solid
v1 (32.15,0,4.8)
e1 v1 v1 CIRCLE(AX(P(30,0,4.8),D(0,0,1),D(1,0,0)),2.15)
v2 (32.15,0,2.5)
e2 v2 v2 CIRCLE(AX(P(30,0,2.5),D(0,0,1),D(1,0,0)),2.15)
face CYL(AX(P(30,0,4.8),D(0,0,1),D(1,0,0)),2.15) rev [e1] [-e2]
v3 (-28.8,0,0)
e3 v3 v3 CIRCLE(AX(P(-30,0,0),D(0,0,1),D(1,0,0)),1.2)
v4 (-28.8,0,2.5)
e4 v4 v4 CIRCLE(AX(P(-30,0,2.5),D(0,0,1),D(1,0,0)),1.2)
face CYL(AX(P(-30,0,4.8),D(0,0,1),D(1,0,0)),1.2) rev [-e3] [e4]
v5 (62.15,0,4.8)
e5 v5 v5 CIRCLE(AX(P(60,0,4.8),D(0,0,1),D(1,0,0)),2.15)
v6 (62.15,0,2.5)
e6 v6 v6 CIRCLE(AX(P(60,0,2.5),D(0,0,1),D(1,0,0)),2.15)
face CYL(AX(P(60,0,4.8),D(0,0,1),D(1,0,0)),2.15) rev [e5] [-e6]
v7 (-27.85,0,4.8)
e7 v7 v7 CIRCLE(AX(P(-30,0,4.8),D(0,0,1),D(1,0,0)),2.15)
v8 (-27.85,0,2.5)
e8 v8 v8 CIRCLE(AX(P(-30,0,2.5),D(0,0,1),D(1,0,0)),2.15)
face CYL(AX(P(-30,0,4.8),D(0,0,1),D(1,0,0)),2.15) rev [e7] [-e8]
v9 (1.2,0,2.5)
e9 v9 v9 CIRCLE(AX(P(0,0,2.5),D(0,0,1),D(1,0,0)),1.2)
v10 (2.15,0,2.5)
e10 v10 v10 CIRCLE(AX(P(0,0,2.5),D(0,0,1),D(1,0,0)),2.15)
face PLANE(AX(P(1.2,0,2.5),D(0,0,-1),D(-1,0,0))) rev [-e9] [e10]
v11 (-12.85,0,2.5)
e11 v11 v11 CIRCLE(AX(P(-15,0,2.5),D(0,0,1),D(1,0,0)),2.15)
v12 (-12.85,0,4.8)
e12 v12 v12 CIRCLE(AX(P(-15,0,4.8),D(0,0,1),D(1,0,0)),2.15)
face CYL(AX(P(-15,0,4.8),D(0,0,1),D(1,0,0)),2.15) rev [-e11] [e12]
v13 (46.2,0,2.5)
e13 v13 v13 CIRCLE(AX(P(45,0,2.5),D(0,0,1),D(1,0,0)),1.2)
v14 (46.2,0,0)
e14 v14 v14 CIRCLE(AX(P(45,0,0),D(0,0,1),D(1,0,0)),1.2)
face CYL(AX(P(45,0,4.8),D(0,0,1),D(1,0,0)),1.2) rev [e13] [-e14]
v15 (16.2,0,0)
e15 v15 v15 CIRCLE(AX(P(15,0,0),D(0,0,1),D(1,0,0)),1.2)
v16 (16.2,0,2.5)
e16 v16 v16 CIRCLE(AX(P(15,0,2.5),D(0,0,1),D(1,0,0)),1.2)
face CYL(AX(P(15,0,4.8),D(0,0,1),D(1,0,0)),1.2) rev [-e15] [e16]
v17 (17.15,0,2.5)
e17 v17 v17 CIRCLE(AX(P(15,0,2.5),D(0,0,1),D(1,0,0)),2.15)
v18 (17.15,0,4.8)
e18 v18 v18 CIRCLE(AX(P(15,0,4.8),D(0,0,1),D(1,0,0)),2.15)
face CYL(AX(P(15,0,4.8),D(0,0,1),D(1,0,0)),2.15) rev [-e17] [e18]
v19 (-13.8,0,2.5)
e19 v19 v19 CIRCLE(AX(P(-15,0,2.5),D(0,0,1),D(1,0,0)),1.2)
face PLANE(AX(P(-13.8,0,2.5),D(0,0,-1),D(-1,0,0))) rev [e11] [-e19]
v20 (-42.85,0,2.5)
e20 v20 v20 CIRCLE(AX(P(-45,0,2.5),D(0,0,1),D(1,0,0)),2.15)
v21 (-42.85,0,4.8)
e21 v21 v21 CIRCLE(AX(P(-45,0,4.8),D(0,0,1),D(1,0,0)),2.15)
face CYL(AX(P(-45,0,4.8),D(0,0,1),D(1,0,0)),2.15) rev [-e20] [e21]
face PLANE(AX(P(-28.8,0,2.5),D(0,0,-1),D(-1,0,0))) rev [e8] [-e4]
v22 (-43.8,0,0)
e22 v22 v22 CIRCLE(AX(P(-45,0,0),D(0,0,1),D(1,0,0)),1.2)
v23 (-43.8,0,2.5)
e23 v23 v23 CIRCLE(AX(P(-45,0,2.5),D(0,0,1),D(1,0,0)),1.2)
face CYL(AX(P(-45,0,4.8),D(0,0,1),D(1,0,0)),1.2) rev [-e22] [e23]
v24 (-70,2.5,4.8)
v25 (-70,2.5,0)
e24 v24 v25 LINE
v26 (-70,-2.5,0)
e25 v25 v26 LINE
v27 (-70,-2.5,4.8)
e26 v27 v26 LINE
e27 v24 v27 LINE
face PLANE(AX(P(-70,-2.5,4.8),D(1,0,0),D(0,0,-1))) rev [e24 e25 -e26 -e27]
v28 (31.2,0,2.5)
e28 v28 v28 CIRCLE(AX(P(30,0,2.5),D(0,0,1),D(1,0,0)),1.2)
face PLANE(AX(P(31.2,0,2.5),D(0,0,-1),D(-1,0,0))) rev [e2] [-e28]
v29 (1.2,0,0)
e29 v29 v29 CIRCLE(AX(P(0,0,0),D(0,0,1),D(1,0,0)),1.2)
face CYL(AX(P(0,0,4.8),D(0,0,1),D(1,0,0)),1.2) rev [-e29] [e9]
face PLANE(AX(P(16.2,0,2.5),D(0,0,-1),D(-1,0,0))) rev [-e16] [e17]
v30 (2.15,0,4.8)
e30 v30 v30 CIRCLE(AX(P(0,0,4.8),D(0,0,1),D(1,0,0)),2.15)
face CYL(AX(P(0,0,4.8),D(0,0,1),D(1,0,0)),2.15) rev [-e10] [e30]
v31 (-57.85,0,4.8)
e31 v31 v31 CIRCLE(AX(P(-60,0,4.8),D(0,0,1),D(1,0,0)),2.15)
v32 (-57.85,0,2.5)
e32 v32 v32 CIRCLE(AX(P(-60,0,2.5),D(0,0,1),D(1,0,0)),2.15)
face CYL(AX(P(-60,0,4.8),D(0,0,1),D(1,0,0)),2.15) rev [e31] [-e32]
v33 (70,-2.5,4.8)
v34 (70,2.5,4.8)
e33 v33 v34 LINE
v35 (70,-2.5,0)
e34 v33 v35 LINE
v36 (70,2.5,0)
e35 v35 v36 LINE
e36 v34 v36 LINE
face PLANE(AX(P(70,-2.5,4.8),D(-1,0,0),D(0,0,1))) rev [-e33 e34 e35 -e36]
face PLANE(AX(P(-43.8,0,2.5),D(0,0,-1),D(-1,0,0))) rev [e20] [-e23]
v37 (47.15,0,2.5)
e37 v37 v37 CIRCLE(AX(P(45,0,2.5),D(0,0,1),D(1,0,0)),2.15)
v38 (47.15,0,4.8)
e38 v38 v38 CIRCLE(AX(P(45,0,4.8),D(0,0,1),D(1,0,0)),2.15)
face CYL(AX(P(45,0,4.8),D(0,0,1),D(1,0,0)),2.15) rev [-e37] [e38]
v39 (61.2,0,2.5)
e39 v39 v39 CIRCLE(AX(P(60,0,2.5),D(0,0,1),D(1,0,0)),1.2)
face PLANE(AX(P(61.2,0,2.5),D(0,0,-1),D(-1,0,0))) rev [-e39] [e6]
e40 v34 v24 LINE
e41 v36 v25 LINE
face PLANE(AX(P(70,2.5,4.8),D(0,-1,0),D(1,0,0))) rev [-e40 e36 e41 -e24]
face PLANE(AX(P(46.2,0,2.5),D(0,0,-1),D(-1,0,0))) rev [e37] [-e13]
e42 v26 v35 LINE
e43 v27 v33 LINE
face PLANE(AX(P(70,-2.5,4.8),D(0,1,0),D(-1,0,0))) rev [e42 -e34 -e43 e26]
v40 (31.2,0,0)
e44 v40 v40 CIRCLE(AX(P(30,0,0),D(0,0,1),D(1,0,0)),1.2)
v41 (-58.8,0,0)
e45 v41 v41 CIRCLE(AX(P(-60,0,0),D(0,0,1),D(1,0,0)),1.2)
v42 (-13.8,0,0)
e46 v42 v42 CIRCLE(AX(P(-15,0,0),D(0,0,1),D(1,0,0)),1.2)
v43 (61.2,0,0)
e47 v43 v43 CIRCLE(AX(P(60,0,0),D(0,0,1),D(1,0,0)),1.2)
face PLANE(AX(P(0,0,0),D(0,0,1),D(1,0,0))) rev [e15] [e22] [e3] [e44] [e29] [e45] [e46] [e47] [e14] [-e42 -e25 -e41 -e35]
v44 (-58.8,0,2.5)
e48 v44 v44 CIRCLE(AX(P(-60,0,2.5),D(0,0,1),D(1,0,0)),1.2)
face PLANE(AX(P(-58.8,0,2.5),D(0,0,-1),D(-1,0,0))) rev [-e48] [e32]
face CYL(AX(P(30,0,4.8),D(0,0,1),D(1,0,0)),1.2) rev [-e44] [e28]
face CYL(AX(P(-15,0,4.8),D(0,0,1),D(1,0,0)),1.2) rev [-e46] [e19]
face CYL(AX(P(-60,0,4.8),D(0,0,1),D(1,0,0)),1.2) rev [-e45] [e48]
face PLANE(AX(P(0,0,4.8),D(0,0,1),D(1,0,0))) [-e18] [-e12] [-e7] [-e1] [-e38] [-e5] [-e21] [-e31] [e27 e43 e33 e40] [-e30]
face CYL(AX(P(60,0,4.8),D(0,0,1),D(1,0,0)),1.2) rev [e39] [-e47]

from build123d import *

# Parameters (mm, degrees)
SKETCH_1_W                = 140
SKETCH_1_H                = 5
EXTRUDE_1_DEPTH           = 4.8
HOLE_WIZARD_1_D           = 2.4
HOLE_WIZARD_1_DEPTH       = 5.2
HOLE_WIZARD_1_CBORE_D     = 4.3
HOLE_WIZARD_1_CBORE_DEPTH = 2.3
HOLE_WIZARD_1_TIP         = 0.721032743


with BuildPart() as part:
    # 草图1 → 凸台-拉伸1 (new body)
    with BuildSketch(Plane.XY):
        Rectangle(SKETCH_1_W, SKETCH_1_H)
    extrude(amount=EXTRUDE_1_DEPTH)

    # 打孔尺寸(%根据)内六角圆柱头螺钉的类型1
    with Locations(Plane.XY.offset(4.8)):
        with Locations((-60, 0), (-45, 0), (-30, 0), (-15, 0), (0, 0), (15, 0), (30, 0), (45, 0), (60, 0)):
            CounterBoreHole(HOLE_WIZARD_1_D / 2, HOLE_WIZARD_1_CBORE_D / 2, HOLE_WIZARD_1_CBORE_DEPTH, depth=HOLE_WIZARD_1_DEPTH)
            with Locations((0, 0, -(HOLE_WIZARD_1_DEPTH + HOLE_WIZARD_1_TIP / 2))):  # 118° drill point
                Cone(0, HOLE_WIZARD_1_D / 2, HOLE_WIZARD_1_TIP, mode=Mode.SUBTRACT)


solid = part.part
